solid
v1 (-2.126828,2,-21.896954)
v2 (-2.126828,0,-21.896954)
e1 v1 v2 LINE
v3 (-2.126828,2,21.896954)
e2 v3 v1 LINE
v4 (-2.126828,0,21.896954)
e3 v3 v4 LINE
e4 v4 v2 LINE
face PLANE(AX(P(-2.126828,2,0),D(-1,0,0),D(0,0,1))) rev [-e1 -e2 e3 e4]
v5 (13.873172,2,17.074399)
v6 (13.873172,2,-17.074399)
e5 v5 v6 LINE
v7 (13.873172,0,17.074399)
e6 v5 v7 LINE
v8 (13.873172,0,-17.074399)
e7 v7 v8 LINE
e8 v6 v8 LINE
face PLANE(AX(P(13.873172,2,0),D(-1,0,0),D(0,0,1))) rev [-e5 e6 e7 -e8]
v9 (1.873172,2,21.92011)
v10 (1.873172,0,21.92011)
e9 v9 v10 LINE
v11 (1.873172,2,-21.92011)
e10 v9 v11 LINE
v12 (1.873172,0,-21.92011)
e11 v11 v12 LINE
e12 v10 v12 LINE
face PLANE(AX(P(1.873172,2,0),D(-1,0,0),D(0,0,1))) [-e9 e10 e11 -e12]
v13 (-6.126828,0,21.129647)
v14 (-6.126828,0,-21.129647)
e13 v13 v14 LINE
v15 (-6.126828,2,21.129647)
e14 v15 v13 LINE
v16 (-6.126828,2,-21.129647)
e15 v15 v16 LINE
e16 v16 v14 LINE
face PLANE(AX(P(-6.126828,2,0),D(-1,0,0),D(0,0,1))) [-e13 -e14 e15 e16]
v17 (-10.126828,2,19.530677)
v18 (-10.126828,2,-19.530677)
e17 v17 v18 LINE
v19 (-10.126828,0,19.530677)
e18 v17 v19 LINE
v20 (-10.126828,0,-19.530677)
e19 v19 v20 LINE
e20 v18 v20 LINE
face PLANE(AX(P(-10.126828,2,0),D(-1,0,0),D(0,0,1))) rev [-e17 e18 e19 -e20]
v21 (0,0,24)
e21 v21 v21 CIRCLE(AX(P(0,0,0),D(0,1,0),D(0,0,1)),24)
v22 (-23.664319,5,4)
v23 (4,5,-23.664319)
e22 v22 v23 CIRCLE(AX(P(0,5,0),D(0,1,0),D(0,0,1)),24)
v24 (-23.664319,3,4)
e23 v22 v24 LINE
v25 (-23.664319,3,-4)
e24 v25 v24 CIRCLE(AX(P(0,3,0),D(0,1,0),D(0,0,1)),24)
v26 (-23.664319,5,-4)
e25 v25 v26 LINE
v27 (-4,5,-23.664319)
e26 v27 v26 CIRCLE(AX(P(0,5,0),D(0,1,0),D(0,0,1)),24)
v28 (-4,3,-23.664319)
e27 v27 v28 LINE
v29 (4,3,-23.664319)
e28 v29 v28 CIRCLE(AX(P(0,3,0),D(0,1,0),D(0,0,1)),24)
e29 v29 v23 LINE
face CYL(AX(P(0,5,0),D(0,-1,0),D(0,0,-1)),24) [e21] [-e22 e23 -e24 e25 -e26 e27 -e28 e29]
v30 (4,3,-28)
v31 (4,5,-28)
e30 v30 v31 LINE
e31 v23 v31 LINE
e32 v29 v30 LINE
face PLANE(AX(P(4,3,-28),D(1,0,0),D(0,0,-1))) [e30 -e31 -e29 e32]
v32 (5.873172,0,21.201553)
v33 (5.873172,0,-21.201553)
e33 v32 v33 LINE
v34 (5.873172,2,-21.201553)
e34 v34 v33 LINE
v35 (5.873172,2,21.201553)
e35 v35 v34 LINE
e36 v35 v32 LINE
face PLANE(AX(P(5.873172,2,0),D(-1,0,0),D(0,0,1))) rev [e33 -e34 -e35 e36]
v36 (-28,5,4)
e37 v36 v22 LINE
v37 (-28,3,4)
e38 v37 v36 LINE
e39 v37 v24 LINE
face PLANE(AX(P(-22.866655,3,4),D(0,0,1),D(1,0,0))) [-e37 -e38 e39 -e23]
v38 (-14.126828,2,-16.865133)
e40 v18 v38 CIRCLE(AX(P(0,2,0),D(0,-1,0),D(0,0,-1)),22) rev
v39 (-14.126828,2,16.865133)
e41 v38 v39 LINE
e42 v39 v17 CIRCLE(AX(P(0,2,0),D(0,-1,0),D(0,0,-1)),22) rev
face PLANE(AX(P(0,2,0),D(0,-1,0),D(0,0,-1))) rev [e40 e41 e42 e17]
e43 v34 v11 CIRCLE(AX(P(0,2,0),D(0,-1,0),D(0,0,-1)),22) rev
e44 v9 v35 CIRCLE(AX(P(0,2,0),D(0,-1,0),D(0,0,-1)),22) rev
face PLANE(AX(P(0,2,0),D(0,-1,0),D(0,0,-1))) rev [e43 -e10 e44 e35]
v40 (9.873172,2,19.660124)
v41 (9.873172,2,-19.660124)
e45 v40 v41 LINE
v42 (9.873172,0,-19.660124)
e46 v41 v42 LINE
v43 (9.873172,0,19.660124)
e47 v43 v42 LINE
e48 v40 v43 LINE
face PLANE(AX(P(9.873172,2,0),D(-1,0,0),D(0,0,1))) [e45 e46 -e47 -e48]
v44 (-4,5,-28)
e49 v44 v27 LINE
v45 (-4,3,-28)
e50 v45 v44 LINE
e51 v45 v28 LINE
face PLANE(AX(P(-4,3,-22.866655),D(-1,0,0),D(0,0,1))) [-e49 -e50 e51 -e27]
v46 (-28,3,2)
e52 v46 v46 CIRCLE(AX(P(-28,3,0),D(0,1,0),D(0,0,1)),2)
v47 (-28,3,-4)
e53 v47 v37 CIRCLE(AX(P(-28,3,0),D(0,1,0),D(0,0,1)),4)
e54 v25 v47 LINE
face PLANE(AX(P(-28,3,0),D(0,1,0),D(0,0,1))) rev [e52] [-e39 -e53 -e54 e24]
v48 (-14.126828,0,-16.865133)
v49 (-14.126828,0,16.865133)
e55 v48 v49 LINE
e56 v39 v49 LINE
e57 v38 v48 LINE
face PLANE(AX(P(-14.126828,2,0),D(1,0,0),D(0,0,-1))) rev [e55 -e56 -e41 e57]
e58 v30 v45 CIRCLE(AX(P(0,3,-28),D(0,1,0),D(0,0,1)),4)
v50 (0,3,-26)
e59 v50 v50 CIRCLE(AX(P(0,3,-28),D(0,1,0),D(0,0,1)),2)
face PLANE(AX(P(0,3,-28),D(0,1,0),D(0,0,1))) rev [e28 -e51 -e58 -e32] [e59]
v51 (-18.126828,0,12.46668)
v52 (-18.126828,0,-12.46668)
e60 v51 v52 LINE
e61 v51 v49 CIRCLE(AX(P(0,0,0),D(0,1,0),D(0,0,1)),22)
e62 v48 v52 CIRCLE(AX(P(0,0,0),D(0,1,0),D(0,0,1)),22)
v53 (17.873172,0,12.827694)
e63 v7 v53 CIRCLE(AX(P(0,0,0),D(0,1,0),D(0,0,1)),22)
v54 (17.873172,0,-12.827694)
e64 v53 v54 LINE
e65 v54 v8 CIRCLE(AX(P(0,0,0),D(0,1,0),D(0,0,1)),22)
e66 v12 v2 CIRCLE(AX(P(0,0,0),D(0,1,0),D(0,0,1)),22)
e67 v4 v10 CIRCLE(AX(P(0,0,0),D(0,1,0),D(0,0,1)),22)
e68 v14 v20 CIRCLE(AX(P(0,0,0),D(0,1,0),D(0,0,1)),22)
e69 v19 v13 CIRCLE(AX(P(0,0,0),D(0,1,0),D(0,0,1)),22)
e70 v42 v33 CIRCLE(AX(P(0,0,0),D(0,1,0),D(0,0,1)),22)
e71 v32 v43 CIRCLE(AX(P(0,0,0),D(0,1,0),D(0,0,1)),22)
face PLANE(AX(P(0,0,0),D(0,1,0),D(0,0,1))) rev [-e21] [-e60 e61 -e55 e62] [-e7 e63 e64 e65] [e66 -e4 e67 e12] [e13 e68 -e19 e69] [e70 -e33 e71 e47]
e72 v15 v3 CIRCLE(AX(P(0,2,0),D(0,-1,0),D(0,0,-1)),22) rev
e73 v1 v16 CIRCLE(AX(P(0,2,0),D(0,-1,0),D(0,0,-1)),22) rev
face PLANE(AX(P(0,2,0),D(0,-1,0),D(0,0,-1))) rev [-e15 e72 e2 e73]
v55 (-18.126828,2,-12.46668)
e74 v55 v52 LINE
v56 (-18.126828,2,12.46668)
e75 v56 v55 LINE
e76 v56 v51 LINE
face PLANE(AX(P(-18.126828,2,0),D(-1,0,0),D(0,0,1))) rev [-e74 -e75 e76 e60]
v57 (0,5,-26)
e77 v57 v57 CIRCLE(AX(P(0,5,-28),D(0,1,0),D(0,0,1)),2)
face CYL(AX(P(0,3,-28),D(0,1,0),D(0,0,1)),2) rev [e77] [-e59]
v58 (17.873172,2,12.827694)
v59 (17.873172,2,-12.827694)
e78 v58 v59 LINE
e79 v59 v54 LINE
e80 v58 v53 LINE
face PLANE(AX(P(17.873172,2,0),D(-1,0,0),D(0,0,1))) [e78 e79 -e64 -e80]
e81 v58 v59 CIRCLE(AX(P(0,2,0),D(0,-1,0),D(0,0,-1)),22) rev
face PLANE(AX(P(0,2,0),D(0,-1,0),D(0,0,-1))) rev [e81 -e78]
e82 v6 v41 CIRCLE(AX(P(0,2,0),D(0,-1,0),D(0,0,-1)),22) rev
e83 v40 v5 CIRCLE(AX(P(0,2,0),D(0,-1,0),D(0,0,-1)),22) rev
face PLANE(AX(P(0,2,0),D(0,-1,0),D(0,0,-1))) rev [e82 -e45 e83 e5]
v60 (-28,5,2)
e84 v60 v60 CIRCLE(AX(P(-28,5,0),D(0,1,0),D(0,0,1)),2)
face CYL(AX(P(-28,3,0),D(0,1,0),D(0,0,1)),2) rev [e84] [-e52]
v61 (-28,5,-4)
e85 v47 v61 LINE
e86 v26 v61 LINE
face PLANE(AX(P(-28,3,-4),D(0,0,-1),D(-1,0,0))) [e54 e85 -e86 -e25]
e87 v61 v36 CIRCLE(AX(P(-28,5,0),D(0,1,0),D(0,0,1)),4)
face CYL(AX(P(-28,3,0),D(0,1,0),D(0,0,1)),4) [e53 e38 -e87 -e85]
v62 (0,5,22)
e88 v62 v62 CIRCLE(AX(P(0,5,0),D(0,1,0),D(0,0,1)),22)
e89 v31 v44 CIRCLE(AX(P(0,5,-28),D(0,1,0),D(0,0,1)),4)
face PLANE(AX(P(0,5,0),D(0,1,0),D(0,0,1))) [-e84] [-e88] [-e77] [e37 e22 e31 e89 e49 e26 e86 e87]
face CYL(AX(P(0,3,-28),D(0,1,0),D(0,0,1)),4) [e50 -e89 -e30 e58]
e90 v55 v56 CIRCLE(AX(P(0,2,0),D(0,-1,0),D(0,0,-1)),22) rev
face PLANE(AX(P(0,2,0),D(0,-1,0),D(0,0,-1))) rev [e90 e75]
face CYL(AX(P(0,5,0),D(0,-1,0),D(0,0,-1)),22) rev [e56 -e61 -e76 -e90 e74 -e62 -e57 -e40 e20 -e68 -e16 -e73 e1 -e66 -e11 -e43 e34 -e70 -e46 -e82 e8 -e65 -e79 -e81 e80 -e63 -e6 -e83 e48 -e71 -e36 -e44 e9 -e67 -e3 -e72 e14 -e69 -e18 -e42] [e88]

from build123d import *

# Parameters (mm, degrees)
SKETCH1_R           = 24
SKETCH1_R_2         = 22
BOSS_EXTRUDE1_DEPTH = 5
BOSS_EXTRUDE2_DEPTH = 2
SKETCH3_R           = 2
BOSS_EXTRUDE3_DEPTH = 2


with BuildPart() as part:
    # Sketch1 → Boss-Extrude1 (new body)
    with BuildSketch(Plane(origin=(0, 0, 0), x_dir=(1, 0, 0), z_dir=(0, 1, 0))):
        with Locations(Location((0, 0, 0), (0, 0, 270))):
            Circle(SKETCH1_R)
        with Locations(Location((0, 0, 0), (0, 0, 270))):
            Circle(SKETCH1_R_2, mode=Mode.SUBTRACT)
    extrude(amount=BOSS_EXTRUDE1_DEPTH)

    # Sketch2 → Boss-Extrude2 (add)
    with BuildSketch(Plane.XZ):
        with BuildLine():
            Line((-18.126828112, 12.833489636), (-18.126828112, 15.729529636))
            ThreePointArc((-18.126828112, 15.729529636), (-24, 0), (-18.126828112, -15.729529636))
            Line((-18.126828112, -15.729529636), (-18.126828112, -12.833489636))
            ThreePointArc((-18.126828112, -12.833489636), (-22.209915661, 0), (-18.126828112, 12.833489636))
        make_face()
        with BuildLine():
            Line((-18.126828112, -12.466679694), (-18.126828112, 12.466679694))
            ThreePointArc((-18.126828112, 12.466679694), (-22, 0), (-18.126828112, -12.466679694))
        make_face()
        with BuildLine():
            ThreePointArc((-10.126828112, 19.530677213), (-12.199845938, 18.307478229), (-14.126828112, 16.865133485))
            Line((-14.126828112, 16.865133485), (-14.126828112, -16.865133485))
            ThreePointArc((-14.126828112, -16.865133485), (-12.199845938, -18.307478229), (-10.126828112, -19.530677213))
            Line((-10.126828112, -19.530677213), (-10.126828112, 19.530677213))
        make_face()
        with BuildLine():
            ThreePointArc((-2.126828112, 21.896954176), (-4.14462307, 21.606066269), (-6.126828112, 21.12964688))
            Line((-6.126828112, 21.12964688), (-6.126828112, -21.12964688))
            ThreePointArc((-6.126828112, -21.12964688), (-4.14462307, -21.606066269), (-2.126828112, -21.896954176))
            Line((-2.126828112, -21.896954176), (-2.126828112, 21.896954176))
        make_face()
        with BuildLine():
            ThreePointArc((5.873171888, 21.201553056), (3.889799677, 21.653393694), (1.873171888, 21.920110106))
            Line((1.873171888, 21.920110106), (1.873171888, -21.920110106))
            ThreePointArc((1.873171888, -21.920110106), (3.889799677, -21.653393694), (5.873171888, -21.201553056))
            Line((5.873171888, -21.201553056), (5.873171888, 21.201553056))
        make_face()
        with BuildLine():
            ThreePointArc((13.873171888, 17.074399017), (11.943353973, 18.475830045), (9.873171888, 19.66012403))
            Line((9.873171888, 19.66012403), (9.873171888, -19.66012403))
            ThreePointArc((9.873171888, -19.66012403), (11.943353973, -18.475830045), (13.873171888, -17.074399017))
            Line((13.873171888, -17.074399017), (13.873171888, 17.074399017))
        make_face()
        with BuildLine():
            ThreePointArc((22, 0), (20.94289595, 6.737589275), (17.873171888, 12.82769374))
            Line((17.873171888, 12.82769374), (17.873171888, -12.82769374))
            ThreePointArc((17.873171888, -12.82769374), (20.94289595, -6.737589275), (22, 0))
        make_face()
    extrude(amount=-BOSS_EXTRUDE2_DEPTH)

    # Sketch3 → Boss-Extrude3 (add)
    # profile 1 of 2: a face of its own
    with BuildSketch(Plane(origin=(0, 5, 0), x_dir=(1, 0, 0), z_dir=(0, 1, 0))):
        with BuildLine():
            Line((-28, 4), (-22.866655367, 4))
            Line((-22.866655367, 4), (-22.866655367, -4))
            Line((-22.866655367, -4), (-28, -4))
            ThreePointArc((-28, -4), (-32, 0), (-28, 4))
        make_face()
        with Locations(Location((-28, 0, 0), (0, 0, 270))):
            Circle(SKETCH3_R, mode=Mode.SUBTRACT)
    # profile 2 of 2: a face of its own
    with BuildSketch(Plane(origin=(0, 5, 0), x_dir=(1, 0, 0), z_dir=(0, 1, 0))):
        with BuildLine():
            Line((-4, 22.866655367), (-4, 28))
            ThreePointArc((-4, 28), (0, 32), (4, 28))
            Line((4, 28), (4, 22.866655367))
            Line((4, 22.866655367), (-4, 22.866655367))
        make_face()
        with Locations(Location((0, 28, 0), (0, 0, 270))):
            Circle(SKETCH3_R, mode=Mode.SUBTRACT)
    extrude(amount=-BOSS_EXTRUDE3_DEPTH)


solid = part.part
